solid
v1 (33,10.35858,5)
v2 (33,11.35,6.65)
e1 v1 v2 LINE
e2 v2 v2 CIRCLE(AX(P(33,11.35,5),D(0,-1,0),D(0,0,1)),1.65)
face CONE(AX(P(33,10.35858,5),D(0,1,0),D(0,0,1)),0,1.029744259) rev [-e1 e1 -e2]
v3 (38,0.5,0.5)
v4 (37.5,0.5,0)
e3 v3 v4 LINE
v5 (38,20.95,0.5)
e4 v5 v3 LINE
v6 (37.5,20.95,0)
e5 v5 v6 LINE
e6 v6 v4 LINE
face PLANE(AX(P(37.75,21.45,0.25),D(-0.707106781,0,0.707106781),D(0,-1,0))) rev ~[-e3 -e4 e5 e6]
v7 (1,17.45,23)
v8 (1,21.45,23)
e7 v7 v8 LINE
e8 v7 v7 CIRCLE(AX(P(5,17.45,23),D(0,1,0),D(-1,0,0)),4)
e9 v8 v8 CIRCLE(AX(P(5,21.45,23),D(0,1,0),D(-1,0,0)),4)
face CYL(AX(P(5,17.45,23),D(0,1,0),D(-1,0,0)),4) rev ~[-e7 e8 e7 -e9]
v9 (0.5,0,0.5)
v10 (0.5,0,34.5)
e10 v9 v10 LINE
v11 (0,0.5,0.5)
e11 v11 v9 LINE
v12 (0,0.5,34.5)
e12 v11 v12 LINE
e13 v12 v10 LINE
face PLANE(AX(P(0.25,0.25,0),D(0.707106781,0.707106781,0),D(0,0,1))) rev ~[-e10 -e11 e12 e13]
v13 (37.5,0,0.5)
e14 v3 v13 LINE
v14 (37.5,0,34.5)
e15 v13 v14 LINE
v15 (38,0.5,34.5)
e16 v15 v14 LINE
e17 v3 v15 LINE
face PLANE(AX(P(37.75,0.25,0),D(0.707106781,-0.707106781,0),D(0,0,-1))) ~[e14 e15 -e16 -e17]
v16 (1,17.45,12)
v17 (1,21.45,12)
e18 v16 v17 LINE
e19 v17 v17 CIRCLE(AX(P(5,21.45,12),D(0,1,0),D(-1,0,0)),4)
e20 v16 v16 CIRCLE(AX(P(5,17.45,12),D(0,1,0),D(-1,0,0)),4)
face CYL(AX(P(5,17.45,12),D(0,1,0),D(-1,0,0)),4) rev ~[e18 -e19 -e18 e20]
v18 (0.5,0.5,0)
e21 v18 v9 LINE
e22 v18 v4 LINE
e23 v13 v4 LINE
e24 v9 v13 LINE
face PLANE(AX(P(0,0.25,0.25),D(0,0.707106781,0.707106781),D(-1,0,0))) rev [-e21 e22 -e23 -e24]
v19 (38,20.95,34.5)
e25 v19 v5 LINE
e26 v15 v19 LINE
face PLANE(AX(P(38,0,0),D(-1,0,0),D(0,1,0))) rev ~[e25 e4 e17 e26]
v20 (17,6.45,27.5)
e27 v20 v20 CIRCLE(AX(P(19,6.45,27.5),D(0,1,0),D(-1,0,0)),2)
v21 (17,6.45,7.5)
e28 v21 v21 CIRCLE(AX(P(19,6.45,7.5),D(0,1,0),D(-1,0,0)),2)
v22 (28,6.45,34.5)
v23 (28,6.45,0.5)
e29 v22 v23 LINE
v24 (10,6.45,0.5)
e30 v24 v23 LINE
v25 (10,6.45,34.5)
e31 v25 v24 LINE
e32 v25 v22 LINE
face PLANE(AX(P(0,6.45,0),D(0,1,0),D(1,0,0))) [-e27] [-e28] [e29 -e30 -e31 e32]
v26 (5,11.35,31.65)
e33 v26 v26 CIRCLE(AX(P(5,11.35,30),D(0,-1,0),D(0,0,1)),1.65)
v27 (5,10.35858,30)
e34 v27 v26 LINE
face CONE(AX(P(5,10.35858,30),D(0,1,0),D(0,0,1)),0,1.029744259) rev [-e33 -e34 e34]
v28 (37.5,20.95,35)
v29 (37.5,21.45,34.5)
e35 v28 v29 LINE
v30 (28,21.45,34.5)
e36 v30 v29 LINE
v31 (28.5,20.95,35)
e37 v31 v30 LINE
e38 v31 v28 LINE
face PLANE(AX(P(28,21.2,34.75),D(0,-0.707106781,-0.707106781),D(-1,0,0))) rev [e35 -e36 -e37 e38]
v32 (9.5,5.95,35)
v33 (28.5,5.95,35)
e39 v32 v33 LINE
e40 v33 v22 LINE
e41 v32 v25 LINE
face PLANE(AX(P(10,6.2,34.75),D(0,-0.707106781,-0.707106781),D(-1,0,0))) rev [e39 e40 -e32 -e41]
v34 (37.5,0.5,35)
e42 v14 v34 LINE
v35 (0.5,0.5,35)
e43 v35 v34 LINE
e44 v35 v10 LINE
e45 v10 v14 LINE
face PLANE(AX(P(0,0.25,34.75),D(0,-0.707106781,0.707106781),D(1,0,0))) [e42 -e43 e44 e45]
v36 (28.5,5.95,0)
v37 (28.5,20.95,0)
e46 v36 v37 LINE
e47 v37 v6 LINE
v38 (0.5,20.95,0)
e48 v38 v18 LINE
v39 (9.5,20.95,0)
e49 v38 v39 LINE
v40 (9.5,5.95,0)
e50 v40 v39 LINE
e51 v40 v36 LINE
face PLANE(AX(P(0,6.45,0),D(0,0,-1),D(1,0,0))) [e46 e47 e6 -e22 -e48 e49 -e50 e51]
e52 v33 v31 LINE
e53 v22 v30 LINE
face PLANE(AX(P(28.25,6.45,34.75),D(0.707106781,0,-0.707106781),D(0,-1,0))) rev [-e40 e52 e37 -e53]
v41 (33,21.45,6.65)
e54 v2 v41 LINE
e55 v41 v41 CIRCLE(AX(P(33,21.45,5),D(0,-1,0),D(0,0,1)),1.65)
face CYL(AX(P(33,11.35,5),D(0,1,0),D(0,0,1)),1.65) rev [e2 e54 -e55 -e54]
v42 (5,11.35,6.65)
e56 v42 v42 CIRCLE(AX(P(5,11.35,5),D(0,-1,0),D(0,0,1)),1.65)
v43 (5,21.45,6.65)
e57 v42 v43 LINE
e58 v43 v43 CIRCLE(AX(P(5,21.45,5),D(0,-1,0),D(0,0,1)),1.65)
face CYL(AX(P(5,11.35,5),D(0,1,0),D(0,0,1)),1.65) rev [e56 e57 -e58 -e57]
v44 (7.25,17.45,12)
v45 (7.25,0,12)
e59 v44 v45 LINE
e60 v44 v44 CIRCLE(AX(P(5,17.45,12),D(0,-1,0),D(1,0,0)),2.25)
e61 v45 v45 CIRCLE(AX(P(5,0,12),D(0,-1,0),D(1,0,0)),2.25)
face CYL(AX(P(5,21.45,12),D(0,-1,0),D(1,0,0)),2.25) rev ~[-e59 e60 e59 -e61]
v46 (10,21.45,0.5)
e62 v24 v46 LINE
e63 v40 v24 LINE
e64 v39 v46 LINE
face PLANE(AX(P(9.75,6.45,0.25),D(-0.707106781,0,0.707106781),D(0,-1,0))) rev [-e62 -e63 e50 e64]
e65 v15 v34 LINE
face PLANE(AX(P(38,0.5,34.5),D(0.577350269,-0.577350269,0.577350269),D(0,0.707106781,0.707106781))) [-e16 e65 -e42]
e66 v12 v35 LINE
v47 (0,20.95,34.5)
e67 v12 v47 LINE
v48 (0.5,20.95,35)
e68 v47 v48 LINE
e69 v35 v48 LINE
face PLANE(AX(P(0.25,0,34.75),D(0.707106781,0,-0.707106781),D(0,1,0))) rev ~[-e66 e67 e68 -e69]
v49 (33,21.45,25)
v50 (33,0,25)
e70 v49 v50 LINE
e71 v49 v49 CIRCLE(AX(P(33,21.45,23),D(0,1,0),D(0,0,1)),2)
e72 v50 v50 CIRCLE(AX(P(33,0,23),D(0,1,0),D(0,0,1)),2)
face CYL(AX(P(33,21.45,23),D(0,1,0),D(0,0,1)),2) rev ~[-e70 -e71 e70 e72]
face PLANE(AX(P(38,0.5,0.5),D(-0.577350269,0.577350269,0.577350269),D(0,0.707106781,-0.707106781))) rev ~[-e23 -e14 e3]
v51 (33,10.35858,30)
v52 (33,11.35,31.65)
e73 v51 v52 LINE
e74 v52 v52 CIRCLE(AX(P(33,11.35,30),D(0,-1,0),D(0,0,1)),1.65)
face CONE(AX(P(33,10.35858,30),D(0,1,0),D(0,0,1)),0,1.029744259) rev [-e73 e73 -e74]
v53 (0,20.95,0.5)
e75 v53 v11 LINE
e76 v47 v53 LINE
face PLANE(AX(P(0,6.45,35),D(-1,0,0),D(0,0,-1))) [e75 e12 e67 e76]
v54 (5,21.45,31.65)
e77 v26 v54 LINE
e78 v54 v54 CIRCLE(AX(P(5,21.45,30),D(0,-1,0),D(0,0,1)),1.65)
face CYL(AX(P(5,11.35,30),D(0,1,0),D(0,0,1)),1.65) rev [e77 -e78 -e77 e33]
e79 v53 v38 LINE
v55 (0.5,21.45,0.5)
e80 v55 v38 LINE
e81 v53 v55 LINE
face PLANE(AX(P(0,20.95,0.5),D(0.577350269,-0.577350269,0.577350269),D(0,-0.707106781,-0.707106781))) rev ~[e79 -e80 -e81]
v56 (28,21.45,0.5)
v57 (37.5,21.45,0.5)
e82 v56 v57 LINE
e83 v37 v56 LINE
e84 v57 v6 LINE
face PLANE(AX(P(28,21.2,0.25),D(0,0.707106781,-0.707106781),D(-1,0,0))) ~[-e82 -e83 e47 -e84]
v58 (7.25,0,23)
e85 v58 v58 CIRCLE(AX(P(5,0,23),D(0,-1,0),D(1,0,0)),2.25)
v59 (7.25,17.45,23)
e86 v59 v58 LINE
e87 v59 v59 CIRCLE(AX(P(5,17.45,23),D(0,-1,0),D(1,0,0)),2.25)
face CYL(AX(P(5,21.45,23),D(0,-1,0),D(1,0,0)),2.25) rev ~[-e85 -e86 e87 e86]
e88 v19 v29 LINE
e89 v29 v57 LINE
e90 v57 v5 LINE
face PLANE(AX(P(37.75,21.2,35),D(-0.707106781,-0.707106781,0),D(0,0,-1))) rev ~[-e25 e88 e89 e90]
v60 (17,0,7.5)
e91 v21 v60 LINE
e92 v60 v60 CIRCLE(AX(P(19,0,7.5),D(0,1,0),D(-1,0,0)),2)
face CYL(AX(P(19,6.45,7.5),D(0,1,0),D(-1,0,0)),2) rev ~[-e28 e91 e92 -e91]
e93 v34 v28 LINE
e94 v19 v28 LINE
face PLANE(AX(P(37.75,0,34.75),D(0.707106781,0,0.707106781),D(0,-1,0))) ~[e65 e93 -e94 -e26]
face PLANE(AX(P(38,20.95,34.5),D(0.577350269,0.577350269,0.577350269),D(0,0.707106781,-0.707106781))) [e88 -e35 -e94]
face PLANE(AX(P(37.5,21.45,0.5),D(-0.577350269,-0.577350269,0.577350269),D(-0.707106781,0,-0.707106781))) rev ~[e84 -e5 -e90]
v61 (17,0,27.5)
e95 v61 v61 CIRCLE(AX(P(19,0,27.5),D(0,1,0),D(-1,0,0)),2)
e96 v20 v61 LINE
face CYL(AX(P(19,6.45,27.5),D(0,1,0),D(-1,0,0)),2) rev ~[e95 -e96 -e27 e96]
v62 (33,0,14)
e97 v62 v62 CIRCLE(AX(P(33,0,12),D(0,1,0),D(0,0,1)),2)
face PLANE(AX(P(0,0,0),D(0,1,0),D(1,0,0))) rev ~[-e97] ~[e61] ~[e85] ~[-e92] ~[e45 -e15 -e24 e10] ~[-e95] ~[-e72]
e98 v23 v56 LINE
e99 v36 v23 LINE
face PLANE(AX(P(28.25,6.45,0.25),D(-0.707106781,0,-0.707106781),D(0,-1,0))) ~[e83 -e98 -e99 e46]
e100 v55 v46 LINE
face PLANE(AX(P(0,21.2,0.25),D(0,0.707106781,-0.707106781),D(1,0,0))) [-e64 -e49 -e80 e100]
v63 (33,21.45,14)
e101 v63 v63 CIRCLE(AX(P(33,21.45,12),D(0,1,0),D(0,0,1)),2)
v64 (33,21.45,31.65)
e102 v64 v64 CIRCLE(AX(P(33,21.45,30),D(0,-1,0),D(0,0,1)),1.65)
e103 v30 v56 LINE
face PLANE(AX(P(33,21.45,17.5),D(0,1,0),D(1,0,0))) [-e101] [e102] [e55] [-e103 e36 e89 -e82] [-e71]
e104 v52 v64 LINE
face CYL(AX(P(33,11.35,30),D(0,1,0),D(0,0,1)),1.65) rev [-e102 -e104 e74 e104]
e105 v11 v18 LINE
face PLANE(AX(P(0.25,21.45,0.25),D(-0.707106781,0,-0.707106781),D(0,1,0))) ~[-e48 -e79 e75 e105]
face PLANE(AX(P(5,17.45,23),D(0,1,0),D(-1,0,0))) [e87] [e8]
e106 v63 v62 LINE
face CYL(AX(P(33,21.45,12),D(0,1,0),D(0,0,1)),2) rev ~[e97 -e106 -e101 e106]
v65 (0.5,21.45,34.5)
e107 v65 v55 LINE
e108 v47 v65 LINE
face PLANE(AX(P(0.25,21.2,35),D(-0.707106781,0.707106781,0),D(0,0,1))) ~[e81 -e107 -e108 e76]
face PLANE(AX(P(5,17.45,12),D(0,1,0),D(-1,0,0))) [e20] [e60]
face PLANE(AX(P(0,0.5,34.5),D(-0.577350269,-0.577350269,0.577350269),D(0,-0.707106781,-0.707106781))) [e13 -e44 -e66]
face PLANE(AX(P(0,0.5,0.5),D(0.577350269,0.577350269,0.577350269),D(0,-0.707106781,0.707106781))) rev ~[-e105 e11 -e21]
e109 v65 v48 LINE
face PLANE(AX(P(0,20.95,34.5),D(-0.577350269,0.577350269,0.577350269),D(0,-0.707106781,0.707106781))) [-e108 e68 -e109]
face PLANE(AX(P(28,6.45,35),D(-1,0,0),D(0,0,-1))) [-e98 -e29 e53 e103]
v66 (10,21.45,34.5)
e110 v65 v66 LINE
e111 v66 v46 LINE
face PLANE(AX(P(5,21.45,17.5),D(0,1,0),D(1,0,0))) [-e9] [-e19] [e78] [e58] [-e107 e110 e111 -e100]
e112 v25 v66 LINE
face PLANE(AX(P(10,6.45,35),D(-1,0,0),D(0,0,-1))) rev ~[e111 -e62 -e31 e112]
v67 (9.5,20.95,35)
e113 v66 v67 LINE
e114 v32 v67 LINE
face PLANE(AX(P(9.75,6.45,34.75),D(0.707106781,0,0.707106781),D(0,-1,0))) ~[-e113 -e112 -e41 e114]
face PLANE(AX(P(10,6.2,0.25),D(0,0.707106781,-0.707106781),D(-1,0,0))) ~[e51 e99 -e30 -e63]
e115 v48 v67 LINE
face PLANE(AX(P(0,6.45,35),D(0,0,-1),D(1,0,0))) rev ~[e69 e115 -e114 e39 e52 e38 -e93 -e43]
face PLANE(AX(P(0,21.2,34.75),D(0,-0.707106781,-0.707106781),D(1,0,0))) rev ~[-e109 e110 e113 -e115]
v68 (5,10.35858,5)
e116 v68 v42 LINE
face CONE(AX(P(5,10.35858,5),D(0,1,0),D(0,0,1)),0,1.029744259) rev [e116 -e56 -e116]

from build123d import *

# Parameters (mm, degrees)
SKETCH_1_W                   = 38
SKETCH_1_H                   = 6.45
EXTRUDE_1_DEPTH              = 35
SKETCH_2_W                   = 10
SKETCH_2_H                   = 35
EXTRUDE_2_DEPTH              = 15
HOLE_WIZARD_M4_1_D           = 4.5
HOLE_WIZARD_M4_1_CBORE_D     = 8
HOLE_WIZARD_M4_1_CBORE_DEPTH = 4
PATTERN_LINEAR_1_COUNT       = 2
PATTERN_LINEAR_1_PITCH       = 11
SKETCH_5_R                   = 2
CUT_EXTRUDE_1_DEPTH          = 54.795910625
SKETCH_6_R                   = 2
CUT_EXTRUDE_2_DEPTH          = 56.938381278
PATTERN_LINEAR_2_COUNT       = 2
PATTERN_LINEAR_2_PITCH       = 28
PATTERN_LINEAR_2_COUNT_DIR2  = 2
PATTERN_LINEAR_2_PITCH_DIR2  = 25
CHAMFER_1_SIZE               = 0.5


with BuildPart() as part:
    # 草图1 → 凸台-拉伸1 (new body)
    with BuildSketch(Plane.XY):
        with Locations((19, 3.225)):
            Rectangle(SKETCH_1_W, SKETCH_1_H)
    extrude(amount=EXTRUDE_1_DEPTH)

    # 草图2 → 凸台-拉伸2 (add)
    with BuildSketch(Plane(origin=(0, 6.45, 0), x_dir=(1, 0, 0), z_dir=(0, 1, 0))):
        with Locations((5, -17.5)):
            Rectangle(SKETCH_2_W, SKETCH_2_H)
        with Locations((33, -17.5)):
            Rectangle(SKETCH_2_W, SKETCH_2_H)
    extrude(amount=EXTRUDE_2_DEPTH)

    # Hole Wizard M4 _1 (through all)
    with Locations(Plane(origin=(0, 21.45, 0), x_dir=(-1, 0, 0), z_dir=(0, 1, 0))):
        with Locations((-5, 23)):
            hole_wizard_m4_1 = CounterBoreHole(HOLE_WIZARD_M4_1_D / 2, HOLE_WIZARD_M4_1_CBORE_D / 2, HOLE_WIZARD_M4_1_CBORE_DEPTH)

    # 阵列(线性)1: Hole Wizard M4 _1 ×2
    with Locations(*[(0, 0, -i * PATTERN_LINEAR_1_PITCH) for i in range(1, PATTERN_LINEAR_1_COUNT)]):
        add(hole_wizard_m4_1, mode=Mode.SUBTRACT)

    # 草图5 → 切除-拉伸1 (cut, through all)
    with BuildSketch(Plane(origin=(0, 6.45, 0), x_dir=(1, 0, 0), z_dir=(0, 1, 0))):
        with Locations(Location((19, -27.5, 0), (0, 0, 180))):
            Circle(SKETCH_5_R)
        with Locations(Location((19, -7.5, 0), (0, 0, 180))):
            Circle(SKETCH_5_R)
    extrude(amount=-CUT_EXTRUDE_1_DEPTH, mode=Mode.SUBTRACT)

    # 草图6 → 切除-拉伸2 (cut, through all)
    with BuildSketch(Plane(origin=(0, 21.45, 0), x_dir=(1, 0, 0), z_dir=(0, 1, 0))):
        with Locations(Location((33, -23, 0), (0, 0, 270))):
            Circle(SKETCH_6_R)
        with Locations(Location((33, -12, 0), (0, 0, 270))):
            Circle(SKETCH_6_R)
    extrude(amount=-CUT_EXTRUDE_2_DEPTH, mode=Mode.SUBTRACT)

    # 草图7 → Hole Wizard M4 _1 2 (revolve, cut)
    with BuildSketch(Plane(origin=(5, 21.45, 30), x_dir=(0, 0, 1), z_dir=(1, 0, 0))):
        Polygon((0, 0), (0, 11.091420021), (1.65, 10.1), (1.65, 0), align=None)
    hole_wizard_m4_1_2 = revolve(axis=Axis((5, 27.8, 30), (0, -1, 0)), mode=Mode.SUBTRACT)

    # 阵列(线性)2: Hole Wizard M4 _1 2 2 × 2
    with Locations(*[(i * PATTERN_LINEAR_2_PITCH, 0, -j * PATTERN_LINEAR_2_PITCH_DIR2) for i in range(PATTERN_LINEAR_2_COUNT) for j in range(PATTERN_LINEAR_2_COUNT_DIR2) if (i, j) != (0, 0)]):
        add(hole_wizard_m4_1_2, mode=Mode.SUBTRACT)

    # 倒角1
    chamfer_1_edges = [part.edges().sort_by_distance(p)[0] for p in [
        (5, 21.45, 35),
        (10, 13.95, 35),
        (19, 6.45, 0),
        (19, 6.45, 35),
        (28, 13.95, 35),
        (33, 21.45, 35),
        (19, 0, 0),
        (19, 0, 35),
        (38, 0, 17.5),
        (38, 10.725, 0),
        (38, 10.725, 35),
        (38, 21.45, 17.5),
        (33, 21.45, 0),
        (28, 13.95, 0),
        (10, 13.95, 0),
        (5, 21.45, 0),
        (0, 21.45, 17.5),
        (0, 10.725, 0),
        (0, 10.725, 35),
        (0, 0, 17.5),
    ]]
    chamfer(chamfer_1_edges, length=CHAMFER_1_SIZE)


solid = part.part
